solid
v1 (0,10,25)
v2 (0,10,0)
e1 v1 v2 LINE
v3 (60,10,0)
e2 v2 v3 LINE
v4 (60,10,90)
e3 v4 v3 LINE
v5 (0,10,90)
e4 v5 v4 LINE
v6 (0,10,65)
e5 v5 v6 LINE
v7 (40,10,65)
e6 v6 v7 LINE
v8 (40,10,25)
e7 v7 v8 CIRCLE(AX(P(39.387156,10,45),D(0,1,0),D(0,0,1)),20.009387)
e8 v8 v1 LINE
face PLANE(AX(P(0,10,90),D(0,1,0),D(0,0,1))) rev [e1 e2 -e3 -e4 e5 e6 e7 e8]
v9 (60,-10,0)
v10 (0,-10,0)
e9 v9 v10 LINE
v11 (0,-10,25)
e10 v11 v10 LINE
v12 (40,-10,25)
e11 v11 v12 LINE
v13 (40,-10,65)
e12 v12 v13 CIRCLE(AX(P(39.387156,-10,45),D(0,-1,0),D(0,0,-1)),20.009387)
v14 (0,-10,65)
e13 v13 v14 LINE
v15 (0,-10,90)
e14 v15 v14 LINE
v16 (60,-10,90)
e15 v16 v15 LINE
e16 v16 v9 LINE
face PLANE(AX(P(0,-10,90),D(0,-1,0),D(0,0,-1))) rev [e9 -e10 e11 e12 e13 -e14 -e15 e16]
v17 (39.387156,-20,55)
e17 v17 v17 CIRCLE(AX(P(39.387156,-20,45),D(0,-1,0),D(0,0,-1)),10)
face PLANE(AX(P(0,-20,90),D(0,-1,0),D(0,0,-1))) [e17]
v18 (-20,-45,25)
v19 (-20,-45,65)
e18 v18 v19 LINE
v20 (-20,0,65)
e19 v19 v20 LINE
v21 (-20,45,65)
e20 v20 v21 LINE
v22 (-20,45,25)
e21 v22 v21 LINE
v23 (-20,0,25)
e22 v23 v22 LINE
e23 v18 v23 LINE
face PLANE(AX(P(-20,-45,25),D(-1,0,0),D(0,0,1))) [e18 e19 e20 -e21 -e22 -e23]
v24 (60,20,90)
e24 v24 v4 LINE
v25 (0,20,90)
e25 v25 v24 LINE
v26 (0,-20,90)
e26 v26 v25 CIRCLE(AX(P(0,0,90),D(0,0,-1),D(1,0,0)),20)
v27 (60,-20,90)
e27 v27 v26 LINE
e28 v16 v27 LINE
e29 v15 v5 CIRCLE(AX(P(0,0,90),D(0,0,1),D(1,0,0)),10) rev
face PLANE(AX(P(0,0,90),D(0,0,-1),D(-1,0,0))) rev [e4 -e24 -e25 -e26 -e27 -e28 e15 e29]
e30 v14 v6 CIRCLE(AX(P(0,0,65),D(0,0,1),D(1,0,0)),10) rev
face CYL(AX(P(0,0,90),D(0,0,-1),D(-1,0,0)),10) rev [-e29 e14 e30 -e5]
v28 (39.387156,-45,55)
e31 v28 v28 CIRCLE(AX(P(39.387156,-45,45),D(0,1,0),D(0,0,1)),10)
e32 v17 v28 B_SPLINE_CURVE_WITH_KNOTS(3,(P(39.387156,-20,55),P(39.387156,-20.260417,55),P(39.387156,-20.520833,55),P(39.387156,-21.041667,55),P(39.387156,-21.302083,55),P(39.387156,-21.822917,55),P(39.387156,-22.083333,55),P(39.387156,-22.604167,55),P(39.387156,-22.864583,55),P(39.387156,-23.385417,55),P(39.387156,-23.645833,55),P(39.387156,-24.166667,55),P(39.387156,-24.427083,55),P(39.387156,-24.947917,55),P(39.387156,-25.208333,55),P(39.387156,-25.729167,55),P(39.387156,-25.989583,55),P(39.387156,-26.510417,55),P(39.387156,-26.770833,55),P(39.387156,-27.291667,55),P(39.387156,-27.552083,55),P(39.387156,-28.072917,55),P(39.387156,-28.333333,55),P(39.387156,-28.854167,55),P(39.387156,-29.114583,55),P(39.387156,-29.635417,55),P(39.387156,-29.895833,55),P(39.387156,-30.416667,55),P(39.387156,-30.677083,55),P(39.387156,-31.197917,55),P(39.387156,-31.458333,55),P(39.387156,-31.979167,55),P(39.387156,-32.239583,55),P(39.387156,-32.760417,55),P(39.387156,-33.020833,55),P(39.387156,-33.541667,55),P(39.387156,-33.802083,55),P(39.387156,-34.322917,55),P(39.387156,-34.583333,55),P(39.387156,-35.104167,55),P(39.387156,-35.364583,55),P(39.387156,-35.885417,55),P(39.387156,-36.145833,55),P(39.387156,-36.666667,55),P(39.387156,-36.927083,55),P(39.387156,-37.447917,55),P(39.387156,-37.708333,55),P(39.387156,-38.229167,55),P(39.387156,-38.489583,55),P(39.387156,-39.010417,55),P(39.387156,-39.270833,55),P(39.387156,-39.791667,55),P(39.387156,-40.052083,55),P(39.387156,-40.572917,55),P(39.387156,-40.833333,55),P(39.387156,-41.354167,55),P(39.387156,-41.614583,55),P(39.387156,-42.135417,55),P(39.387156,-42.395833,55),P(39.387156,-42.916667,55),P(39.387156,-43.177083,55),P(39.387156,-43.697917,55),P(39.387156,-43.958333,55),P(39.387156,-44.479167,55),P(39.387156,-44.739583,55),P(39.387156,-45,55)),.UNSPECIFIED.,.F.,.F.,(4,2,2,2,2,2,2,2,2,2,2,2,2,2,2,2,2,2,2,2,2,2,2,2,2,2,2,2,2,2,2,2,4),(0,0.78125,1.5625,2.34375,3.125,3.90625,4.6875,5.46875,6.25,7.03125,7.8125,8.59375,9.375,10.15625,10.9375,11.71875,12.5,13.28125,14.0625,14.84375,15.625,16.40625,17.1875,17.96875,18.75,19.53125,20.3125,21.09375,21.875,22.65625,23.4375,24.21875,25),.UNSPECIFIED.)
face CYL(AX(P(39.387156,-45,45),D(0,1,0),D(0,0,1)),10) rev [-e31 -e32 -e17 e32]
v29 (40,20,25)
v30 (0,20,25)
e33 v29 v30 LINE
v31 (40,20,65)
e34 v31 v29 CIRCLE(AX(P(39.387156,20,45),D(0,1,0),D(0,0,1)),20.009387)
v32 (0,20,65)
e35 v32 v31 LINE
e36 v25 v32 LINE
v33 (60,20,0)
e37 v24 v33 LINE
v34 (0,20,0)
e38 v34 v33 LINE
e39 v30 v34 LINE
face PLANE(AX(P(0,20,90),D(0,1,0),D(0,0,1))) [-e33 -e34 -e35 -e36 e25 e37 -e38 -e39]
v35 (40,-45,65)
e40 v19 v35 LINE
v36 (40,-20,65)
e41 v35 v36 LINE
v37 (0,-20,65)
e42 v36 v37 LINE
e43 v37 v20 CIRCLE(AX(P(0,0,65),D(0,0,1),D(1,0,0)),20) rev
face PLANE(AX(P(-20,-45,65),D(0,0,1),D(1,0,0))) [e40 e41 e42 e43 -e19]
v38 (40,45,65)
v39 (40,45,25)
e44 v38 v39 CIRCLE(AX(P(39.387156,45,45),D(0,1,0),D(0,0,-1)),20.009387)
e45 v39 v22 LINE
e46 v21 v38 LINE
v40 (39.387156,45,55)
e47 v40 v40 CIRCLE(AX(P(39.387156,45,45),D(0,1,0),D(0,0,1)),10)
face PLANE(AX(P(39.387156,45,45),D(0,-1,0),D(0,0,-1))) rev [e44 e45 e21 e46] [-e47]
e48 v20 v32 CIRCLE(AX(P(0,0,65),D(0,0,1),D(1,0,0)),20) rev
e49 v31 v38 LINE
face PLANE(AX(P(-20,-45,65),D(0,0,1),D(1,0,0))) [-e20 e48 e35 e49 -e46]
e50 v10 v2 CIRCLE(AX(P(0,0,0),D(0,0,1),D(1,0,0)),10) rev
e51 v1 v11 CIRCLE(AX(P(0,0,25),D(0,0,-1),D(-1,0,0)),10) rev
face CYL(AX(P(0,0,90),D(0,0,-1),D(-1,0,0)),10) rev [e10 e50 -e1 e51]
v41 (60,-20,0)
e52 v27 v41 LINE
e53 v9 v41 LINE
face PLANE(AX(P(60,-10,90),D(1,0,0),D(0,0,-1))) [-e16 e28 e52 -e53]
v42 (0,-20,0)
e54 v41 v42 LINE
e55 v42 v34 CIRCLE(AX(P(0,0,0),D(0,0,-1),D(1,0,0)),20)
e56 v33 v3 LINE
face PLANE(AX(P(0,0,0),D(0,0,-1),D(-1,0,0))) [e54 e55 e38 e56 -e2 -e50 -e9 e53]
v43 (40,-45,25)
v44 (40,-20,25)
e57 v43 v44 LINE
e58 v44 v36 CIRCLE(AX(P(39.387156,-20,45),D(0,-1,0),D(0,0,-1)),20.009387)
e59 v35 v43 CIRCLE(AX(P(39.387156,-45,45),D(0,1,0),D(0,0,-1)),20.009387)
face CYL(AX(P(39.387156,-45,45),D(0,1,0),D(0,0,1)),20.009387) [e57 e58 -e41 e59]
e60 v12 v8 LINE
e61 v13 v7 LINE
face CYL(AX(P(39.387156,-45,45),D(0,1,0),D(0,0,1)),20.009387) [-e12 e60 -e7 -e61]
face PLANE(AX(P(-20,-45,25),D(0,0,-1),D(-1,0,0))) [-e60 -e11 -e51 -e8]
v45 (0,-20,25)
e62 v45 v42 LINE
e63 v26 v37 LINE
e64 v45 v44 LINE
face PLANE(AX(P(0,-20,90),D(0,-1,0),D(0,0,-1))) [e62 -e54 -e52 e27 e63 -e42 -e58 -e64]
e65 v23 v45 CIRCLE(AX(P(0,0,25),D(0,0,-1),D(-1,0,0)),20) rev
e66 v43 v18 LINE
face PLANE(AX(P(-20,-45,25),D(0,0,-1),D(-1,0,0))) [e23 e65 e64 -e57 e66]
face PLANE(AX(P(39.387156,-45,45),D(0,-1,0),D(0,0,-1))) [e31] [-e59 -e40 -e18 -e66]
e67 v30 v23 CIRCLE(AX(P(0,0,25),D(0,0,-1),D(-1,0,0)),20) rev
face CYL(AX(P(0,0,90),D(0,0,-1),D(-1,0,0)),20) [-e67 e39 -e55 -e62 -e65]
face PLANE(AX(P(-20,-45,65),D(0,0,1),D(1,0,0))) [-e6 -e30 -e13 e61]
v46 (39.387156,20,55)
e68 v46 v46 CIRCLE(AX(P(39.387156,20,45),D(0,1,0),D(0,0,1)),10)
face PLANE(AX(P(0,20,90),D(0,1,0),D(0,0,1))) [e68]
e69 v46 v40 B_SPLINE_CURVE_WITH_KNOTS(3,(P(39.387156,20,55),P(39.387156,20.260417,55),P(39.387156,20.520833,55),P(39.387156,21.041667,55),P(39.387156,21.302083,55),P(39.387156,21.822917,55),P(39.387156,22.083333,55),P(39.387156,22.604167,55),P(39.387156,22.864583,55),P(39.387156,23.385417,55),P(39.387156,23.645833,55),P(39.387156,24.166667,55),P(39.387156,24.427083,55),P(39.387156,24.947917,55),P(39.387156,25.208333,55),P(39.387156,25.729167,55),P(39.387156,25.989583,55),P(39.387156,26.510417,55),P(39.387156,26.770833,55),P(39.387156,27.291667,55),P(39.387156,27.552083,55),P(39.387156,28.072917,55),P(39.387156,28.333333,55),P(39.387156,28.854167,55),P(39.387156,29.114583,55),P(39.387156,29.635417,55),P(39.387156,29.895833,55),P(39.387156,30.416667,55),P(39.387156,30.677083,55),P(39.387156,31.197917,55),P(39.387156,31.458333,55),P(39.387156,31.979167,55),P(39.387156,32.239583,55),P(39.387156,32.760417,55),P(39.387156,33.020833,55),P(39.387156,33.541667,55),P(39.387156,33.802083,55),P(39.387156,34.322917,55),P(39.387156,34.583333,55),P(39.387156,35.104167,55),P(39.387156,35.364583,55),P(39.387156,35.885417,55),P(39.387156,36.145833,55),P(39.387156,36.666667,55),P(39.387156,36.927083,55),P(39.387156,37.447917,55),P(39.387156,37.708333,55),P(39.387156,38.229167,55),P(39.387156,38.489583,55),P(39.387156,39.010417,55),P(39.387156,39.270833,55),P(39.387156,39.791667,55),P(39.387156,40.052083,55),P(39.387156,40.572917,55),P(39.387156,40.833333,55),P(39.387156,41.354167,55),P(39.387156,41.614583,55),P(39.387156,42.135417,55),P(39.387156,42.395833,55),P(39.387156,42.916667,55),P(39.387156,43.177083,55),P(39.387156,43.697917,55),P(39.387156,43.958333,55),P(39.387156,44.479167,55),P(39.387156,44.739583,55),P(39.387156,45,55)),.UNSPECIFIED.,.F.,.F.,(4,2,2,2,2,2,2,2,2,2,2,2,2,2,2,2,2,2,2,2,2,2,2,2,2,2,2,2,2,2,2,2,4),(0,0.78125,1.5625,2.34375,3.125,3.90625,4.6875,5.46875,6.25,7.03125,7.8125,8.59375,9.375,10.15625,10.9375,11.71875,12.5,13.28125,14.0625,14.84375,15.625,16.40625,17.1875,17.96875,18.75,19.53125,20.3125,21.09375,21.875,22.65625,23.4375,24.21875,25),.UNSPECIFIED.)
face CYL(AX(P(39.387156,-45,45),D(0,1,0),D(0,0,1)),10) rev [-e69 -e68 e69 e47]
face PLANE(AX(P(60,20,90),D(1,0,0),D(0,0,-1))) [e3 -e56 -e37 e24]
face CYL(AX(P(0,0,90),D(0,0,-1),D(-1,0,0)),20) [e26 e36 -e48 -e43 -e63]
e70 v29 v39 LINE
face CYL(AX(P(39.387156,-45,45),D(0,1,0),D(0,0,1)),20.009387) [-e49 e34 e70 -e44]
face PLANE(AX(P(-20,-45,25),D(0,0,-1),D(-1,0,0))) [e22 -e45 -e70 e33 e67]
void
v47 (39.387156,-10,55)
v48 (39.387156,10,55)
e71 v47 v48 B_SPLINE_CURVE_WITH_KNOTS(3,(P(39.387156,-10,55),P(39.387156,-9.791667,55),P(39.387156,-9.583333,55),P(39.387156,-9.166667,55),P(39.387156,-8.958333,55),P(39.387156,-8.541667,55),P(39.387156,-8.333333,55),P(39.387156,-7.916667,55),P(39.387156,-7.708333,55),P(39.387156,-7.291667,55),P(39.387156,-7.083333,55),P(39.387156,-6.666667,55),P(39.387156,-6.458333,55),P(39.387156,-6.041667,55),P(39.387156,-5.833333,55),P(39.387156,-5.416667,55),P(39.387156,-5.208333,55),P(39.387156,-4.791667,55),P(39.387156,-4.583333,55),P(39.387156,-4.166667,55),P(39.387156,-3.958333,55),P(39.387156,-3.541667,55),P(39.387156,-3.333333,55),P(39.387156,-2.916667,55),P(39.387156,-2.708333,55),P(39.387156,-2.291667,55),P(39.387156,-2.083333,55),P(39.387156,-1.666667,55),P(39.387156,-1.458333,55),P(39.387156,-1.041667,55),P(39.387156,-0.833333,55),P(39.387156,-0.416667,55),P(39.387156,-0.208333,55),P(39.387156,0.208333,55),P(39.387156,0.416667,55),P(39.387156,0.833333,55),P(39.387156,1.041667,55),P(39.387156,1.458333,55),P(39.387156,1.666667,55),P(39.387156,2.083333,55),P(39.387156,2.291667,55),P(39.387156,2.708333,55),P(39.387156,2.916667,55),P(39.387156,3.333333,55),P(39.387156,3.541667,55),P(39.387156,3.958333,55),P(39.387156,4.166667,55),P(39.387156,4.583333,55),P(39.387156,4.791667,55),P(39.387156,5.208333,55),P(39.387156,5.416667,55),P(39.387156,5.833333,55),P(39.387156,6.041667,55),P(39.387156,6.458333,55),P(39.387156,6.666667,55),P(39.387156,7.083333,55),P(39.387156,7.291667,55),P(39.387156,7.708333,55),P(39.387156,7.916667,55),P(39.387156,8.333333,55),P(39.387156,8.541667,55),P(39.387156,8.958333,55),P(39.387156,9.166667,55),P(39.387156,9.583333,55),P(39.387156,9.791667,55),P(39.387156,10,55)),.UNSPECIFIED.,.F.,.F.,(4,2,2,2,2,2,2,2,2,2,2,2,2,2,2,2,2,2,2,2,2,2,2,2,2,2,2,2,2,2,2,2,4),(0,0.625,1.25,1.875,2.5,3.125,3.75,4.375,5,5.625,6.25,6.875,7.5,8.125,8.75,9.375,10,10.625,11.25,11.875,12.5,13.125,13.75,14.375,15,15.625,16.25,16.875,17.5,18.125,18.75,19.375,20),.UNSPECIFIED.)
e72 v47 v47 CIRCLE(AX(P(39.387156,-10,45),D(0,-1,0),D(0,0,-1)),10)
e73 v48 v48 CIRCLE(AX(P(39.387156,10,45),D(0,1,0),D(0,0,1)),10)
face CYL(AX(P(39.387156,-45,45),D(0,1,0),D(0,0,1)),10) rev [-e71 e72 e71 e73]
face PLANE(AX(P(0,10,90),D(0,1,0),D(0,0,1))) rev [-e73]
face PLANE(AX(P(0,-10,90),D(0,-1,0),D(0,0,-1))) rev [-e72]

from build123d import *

# Parameters (mm, degrees)
EXTRUDE_1_DEPTH      = 90
EXTRUDE_3_DEPTH      = 45
EXTRUDE_3_DEPTH_BACK = 45
SKETCH_2_R           = 10


with BuildPart() as part:
    # Эскиз1 → Вытянуть-Тонкостенный1 (new body)
    with BuildSketch(Plane.XY):
        with BuildLine():
            Line((60, 20), (0, 20))
            ThreePointArc((0, 20), (-20, 0), (0, -20))
            Line((0, -20), (60, -20))
            Line((60, -20), (60, -10))
            Line((60, -10), (0, -10))
            ThreePointArc((0, -10), (-10, 0), (0, 10))
            Line((0, 10), (60, 10))
            Line((60, 10), (60, 20))
        make_face()
    extrude(amount=EXTRUDE_1_DEPTH)

    # Эскиз2 → Бобышка-Вытянуть3 (add, two sides: drawn at the far end of the back side and taken through both)
    with BuildSketch(Plane(origin=(0, 0, 0), x_dir=(1, 0, 0), z_dir=(0, 1, 0)).offset(-EXTRUDE_3_DEPTH_BACK)):
        with BuildLine():
            Line((-20, -25), (-20, -65))
            Line((-20, -65), (40, -65))
            ThreePointArc((40, -65), (59.396542923, -45), (40, -25))
            Line((40, -25), (-20, -25))
        make_face()
        with Locations(Location((39.387155672, -45, 0), (0, 0, 270))):
            Circle(SKETCH_2_R, mode=Mode.SUBTRACT)
    extrude(amount=EXTRUDE_3_DEPTH + EXTRUDE_3_DEPTH_BACK)


solid = part.part
